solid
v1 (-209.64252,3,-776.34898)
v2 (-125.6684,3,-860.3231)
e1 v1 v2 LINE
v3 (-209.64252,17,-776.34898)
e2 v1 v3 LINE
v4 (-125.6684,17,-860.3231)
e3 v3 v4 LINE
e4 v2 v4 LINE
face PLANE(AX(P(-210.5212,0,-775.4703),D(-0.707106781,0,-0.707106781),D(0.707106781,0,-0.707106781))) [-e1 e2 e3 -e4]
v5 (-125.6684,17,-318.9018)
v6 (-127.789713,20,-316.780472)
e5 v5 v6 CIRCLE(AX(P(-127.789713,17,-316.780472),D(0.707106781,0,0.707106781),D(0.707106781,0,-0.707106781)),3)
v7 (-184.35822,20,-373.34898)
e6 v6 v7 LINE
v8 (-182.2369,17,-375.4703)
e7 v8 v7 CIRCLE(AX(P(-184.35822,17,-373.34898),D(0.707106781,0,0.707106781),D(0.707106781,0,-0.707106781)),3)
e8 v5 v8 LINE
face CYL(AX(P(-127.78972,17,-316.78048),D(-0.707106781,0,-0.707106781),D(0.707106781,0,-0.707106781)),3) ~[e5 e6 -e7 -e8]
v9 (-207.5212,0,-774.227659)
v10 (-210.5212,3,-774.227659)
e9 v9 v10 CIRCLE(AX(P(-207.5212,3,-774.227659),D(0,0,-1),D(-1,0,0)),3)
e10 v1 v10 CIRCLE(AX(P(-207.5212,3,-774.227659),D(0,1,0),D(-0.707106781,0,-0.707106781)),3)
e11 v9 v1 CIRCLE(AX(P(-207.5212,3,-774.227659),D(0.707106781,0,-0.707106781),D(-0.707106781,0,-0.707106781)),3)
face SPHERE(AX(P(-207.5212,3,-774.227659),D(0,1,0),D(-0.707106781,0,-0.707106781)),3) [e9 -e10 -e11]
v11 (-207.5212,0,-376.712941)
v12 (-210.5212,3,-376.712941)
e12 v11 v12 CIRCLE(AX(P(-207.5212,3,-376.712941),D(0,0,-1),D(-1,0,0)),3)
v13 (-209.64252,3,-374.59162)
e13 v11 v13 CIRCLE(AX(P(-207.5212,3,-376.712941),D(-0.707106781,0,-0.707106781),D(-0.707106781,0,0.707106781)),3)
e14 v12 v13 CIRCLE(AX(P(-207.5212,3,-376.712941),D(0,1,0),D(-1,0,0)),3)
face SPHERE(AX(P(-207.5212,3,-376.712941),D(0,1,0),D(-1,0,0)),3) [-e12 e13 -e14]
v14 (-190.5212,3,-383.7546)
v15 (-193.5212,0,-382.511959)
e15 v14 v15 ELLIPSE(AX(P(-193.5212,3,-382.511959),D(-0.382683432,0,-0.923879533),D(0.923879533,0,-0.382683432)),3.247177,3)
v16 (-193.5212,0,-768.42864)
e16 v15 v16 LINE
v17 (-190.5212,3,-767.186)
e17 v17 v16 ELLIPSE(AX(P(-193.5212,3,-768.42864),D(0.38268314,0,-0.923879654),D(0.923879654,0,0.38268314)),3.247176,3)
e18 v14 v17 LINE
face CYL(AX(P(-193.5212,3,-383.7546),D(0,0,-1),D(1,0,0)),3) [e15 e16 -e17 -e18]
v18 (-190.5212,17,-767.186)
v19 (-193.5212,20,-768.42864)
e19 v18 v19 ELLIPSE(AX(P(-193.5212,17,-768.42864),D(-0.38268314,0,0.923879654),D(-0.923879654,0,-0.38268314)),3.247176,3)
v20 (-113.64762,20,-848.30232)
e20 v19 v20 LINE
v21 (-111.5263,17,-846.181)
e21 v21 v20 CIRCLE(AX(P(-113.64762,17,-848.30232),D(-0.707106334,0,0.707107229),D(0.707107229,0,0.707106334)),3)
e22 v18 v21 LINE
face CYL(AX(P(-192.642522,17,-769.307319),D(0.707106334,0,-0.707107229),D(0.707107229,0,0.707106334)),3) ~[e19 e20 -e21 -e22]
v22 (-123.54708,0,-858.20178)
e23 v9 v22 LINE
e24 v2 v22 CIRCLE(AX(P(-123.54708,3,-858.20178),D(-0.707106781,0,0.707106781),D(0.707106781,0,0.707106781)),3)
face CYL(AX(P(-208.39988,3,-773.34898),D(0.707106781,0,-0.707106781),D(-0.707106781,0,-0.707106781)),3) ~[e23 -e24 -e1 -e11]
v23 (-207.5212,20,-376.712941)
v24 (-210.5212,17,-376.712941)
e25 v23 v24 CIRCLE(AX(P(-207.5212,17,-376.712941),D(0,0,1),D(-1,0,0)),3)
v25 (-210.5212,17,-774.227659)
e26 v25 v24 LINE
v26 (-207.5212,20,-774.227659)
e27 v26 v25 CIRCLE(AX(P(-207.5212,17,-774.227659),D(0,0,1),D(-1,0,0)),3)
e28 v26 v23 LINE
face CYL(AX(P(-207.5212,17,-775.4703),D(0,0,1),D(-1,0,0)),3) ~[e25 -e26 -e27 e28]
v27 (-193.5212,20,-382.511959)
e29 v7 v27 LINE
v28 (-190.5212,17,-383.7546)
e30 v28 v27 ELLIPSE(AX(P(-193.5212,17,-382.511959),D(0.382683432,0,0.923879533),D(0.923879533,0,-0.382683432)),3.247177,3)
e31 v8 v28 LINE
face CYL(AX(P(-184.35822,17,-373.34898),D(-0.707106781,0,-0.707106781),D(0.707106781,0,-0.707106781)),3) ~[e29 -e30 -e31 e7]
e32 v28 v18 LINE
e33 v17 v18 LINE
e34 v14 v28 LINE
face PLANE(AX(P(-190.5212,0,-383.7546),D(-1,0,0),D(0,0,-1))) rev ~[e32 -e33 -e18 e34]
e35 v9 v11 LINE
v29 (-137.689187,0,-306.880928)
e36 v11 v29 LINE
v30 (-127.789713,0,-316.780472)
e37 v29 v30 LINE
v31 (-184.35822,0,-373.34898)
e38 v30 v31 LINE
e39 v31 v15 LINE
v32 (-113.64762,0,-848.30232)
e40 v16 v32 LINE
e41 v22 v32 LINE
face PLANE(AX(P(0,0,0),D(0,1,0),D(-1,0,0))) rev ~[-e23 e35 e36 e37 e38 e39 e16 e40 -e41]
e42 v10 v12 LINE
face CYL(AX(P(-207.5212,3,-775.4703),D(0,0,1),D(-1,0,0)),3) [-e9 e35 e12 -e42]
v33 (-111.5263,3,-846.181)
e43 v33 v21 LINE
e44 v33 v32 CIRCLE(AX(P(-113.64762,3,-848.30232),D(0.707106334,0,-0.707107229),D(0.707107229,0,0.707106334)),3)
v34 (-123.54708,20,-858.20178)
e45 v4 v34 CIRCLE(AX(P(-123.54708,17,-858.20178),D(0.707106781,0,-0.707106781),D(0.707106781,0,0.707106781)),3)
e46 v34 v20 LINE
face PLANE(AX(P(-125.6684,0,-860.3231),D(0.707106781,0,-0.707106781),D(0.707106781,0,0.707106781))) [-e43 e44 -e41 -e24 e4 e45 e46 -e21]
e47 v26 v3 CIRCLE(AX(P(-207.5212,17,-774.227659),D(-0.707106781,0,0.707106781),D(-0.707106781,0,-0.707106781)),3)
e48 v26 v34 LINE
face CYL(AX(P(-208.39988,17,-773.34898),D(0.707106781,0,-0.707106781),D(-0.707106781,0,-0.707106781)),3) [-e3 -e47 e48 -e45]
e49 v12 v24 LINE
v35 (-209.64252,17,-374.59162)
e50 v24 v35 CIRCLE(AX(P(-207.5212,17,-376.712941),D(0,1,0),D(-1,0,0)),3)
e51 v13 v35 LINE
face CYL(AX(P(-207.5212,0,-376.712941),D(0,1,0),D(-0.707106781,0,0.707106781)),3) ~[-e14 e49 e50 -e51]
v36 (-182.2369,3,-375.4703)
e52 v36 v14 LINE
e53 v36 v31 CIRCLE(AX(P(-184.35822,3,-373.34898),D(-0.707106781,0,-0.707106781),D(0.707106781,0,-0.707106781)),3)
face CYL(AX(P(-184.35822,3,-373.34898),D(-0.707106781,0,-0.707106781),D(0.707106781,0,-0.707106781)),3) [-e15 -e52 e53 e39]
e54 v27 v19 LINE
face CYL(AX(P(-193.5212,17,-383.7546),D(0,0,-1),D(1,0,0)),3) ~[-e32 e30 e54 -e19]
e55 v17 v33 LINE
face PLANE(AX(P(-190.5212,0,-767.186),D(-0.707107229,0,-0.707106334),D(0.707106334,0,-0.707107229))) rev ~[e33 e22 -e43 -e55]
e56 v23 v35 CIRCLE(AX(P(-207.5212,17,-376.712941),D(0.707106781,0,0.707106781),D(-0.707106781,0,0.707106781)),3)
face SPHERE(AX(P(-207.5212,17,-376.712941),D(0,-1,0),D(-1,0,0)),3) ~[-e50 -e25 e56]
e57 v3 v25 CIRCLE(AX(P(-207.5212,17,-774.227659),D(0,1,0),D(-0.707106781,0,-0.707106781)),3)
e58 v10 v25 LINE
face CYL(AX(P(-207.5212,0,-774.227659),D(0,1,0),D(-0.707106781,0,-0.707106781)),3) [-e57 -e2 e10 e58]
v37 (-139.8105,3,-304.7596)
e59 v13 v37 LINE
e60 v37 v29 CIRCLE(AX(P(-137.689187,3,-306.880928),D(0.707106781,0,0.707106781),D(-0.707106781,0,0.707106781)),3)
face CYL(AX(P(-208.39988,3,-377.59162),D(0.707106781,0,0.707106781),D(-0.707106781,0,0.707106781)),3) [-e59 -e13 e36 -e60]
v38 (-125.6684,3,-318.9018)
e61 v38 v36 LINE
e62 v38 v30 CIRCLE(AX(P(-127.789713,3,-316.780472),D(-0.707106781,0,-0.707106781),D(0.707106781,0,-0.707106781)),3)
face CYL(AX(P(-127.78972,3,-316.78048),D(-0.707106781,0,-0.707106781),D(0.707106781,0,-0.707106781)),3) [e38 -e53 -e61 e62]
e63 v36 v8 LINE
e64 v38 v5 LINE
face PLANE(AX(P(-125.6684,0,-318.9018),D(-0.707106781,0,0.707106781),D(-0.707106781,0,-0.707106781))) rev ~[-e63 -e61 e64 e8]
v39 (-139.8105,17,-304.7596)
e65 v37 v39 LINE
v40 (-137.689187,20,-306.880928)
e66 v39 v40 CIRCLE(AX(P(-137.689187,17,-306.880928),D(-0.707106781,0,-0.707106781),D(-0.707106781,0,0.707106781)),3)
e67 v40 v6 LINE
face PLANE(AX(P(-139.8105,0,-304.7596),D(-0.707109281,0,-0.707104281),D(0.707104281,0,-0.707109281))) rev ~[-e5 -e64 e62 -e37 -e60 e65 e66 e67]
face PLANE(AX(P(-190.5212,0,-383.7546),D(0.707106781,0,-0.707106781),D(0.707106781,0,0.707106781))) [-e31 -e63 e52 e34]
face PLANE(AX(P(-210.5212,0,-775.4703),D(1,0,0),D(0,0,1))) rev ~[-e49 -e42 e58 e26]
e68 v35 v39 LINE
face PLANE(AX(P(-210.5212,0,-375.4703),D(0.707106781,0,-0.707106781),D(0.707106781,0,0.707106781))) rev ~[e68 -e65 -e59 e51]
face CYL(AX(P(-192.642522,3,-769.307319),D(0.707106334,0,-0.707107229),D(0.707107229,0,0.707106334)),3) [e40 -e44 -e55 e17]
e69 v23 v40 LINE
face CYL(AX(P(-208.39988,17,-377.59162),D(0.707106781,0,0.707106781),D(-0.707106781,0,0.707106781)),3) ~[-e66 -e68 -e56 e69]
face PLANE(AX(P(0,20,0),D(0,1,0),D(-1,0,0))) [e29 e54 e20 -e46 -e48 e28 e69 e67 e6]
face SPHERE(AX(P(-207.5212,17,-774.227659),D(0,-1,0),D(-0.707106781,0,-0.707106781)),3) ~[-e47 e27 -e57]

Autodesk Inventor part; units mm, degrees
ref_plane "YZ Plane" through (0, 0, 0) normal (1, 0, 0) x (0, 1, 0)
ref_plane "XZ Plane" through (0, 0, 0) normal (0, 1, 0) x (-1, 0, 0)
ref_plane "XY Plane" through (0, 0, 0) normal (0, 0, 1) x (1, 0, 0)
sketch "Sketch1" plane through (0, 0, 0) normal (0, 1, 0) x (-1, 0, 0)
  line L0 (909.7546, -1043.3394) -> (909.7546, -1834.2484) construction
  line L1 (909.7546, -1834.2484) -> (468.795, -1834.2484) construction
  line L2 (468.795, -1834.2484) -> (468.795, -1043.3394) construction
  line L3 (468.795, -1043.3394) -> (909.7546, -1043.3394) construction
  line L4 (1047.8435, -175.8693) -> (1047.8435, -771.5628) construction
  line L5 (1047.8435, -771.5628) -> (636.4111, -771.5628) construction
  line L6 (636.4111, -771.5628) -> (636.4111, -175.8693) construction
  line L7 (636.4111, -175.8693) -> (1047.8435, -175.8693) construction
  line L8 (-89.4601, -69.3306) -> (230.5399, -69.3306) construction
  line L9 (210.5212, -775.4703) -> (125.6684, -860.3231)
  line L10 (210.5212, -775.4703) -> (330.5212, -775.4703) construction
  line L11 (125.6684, -860.3231) -> (111.5263, -846.181)
  line L12 (210.5212, -775.4703) -> (210.5212, -375.4703)
  line L13 (210.5212, -775.4703) -> (610.5212, -775.4703) construction
  line L14 (210.5212, -375.4703) -> (139.8105, -304.7596)
  line L15 (139.8105, -304.7596) -> (125.6684, -318.9018)
  line L16 (125.6684, -318.9018) -> (182.2369, -375.4703)
  line L17 (190.5212, -767.186) -> (111.5263, -846.181)
  line L18 (190.5212, -383.7546) -> (182.2369, -375.4703)
  line L19 (190.5212, -383.7546) -> (190.5212, -767.186)
  dimension "d55" = 135
  dimension "d56" = 20
  dimension "d60" = 90
  dimension "d61" = 100
  dimension "d62" = 20
  dimension "d63" = 90
  dimension "d64" = 80
extrude "Extrusion2" add sketch "Sketch1" along normal blind 20
fillet "Fillet1" radius 3 14 edges at (-175.1659, 20, -340.115) (-175.1659, 0, -340.115) (-210.5212, 10, -375.4703) (-210.5212, 20, -575.4703) (-210.5212, 0, -575.4703) (-190.5212, 20, -575.4703) (-153.9527, 20, -347.186) (-151.0237, 20, -806.6835) (-151.0237, 0, -806.6835) (-210.5212, 10, -775.4703) (-168.0948, 0, -817.8967) (-168.0948, 20, -817.8967) (-190.5212, 0, -575.4703) (-153.9527, 0, -347.186)
properties part number "Suspension"
